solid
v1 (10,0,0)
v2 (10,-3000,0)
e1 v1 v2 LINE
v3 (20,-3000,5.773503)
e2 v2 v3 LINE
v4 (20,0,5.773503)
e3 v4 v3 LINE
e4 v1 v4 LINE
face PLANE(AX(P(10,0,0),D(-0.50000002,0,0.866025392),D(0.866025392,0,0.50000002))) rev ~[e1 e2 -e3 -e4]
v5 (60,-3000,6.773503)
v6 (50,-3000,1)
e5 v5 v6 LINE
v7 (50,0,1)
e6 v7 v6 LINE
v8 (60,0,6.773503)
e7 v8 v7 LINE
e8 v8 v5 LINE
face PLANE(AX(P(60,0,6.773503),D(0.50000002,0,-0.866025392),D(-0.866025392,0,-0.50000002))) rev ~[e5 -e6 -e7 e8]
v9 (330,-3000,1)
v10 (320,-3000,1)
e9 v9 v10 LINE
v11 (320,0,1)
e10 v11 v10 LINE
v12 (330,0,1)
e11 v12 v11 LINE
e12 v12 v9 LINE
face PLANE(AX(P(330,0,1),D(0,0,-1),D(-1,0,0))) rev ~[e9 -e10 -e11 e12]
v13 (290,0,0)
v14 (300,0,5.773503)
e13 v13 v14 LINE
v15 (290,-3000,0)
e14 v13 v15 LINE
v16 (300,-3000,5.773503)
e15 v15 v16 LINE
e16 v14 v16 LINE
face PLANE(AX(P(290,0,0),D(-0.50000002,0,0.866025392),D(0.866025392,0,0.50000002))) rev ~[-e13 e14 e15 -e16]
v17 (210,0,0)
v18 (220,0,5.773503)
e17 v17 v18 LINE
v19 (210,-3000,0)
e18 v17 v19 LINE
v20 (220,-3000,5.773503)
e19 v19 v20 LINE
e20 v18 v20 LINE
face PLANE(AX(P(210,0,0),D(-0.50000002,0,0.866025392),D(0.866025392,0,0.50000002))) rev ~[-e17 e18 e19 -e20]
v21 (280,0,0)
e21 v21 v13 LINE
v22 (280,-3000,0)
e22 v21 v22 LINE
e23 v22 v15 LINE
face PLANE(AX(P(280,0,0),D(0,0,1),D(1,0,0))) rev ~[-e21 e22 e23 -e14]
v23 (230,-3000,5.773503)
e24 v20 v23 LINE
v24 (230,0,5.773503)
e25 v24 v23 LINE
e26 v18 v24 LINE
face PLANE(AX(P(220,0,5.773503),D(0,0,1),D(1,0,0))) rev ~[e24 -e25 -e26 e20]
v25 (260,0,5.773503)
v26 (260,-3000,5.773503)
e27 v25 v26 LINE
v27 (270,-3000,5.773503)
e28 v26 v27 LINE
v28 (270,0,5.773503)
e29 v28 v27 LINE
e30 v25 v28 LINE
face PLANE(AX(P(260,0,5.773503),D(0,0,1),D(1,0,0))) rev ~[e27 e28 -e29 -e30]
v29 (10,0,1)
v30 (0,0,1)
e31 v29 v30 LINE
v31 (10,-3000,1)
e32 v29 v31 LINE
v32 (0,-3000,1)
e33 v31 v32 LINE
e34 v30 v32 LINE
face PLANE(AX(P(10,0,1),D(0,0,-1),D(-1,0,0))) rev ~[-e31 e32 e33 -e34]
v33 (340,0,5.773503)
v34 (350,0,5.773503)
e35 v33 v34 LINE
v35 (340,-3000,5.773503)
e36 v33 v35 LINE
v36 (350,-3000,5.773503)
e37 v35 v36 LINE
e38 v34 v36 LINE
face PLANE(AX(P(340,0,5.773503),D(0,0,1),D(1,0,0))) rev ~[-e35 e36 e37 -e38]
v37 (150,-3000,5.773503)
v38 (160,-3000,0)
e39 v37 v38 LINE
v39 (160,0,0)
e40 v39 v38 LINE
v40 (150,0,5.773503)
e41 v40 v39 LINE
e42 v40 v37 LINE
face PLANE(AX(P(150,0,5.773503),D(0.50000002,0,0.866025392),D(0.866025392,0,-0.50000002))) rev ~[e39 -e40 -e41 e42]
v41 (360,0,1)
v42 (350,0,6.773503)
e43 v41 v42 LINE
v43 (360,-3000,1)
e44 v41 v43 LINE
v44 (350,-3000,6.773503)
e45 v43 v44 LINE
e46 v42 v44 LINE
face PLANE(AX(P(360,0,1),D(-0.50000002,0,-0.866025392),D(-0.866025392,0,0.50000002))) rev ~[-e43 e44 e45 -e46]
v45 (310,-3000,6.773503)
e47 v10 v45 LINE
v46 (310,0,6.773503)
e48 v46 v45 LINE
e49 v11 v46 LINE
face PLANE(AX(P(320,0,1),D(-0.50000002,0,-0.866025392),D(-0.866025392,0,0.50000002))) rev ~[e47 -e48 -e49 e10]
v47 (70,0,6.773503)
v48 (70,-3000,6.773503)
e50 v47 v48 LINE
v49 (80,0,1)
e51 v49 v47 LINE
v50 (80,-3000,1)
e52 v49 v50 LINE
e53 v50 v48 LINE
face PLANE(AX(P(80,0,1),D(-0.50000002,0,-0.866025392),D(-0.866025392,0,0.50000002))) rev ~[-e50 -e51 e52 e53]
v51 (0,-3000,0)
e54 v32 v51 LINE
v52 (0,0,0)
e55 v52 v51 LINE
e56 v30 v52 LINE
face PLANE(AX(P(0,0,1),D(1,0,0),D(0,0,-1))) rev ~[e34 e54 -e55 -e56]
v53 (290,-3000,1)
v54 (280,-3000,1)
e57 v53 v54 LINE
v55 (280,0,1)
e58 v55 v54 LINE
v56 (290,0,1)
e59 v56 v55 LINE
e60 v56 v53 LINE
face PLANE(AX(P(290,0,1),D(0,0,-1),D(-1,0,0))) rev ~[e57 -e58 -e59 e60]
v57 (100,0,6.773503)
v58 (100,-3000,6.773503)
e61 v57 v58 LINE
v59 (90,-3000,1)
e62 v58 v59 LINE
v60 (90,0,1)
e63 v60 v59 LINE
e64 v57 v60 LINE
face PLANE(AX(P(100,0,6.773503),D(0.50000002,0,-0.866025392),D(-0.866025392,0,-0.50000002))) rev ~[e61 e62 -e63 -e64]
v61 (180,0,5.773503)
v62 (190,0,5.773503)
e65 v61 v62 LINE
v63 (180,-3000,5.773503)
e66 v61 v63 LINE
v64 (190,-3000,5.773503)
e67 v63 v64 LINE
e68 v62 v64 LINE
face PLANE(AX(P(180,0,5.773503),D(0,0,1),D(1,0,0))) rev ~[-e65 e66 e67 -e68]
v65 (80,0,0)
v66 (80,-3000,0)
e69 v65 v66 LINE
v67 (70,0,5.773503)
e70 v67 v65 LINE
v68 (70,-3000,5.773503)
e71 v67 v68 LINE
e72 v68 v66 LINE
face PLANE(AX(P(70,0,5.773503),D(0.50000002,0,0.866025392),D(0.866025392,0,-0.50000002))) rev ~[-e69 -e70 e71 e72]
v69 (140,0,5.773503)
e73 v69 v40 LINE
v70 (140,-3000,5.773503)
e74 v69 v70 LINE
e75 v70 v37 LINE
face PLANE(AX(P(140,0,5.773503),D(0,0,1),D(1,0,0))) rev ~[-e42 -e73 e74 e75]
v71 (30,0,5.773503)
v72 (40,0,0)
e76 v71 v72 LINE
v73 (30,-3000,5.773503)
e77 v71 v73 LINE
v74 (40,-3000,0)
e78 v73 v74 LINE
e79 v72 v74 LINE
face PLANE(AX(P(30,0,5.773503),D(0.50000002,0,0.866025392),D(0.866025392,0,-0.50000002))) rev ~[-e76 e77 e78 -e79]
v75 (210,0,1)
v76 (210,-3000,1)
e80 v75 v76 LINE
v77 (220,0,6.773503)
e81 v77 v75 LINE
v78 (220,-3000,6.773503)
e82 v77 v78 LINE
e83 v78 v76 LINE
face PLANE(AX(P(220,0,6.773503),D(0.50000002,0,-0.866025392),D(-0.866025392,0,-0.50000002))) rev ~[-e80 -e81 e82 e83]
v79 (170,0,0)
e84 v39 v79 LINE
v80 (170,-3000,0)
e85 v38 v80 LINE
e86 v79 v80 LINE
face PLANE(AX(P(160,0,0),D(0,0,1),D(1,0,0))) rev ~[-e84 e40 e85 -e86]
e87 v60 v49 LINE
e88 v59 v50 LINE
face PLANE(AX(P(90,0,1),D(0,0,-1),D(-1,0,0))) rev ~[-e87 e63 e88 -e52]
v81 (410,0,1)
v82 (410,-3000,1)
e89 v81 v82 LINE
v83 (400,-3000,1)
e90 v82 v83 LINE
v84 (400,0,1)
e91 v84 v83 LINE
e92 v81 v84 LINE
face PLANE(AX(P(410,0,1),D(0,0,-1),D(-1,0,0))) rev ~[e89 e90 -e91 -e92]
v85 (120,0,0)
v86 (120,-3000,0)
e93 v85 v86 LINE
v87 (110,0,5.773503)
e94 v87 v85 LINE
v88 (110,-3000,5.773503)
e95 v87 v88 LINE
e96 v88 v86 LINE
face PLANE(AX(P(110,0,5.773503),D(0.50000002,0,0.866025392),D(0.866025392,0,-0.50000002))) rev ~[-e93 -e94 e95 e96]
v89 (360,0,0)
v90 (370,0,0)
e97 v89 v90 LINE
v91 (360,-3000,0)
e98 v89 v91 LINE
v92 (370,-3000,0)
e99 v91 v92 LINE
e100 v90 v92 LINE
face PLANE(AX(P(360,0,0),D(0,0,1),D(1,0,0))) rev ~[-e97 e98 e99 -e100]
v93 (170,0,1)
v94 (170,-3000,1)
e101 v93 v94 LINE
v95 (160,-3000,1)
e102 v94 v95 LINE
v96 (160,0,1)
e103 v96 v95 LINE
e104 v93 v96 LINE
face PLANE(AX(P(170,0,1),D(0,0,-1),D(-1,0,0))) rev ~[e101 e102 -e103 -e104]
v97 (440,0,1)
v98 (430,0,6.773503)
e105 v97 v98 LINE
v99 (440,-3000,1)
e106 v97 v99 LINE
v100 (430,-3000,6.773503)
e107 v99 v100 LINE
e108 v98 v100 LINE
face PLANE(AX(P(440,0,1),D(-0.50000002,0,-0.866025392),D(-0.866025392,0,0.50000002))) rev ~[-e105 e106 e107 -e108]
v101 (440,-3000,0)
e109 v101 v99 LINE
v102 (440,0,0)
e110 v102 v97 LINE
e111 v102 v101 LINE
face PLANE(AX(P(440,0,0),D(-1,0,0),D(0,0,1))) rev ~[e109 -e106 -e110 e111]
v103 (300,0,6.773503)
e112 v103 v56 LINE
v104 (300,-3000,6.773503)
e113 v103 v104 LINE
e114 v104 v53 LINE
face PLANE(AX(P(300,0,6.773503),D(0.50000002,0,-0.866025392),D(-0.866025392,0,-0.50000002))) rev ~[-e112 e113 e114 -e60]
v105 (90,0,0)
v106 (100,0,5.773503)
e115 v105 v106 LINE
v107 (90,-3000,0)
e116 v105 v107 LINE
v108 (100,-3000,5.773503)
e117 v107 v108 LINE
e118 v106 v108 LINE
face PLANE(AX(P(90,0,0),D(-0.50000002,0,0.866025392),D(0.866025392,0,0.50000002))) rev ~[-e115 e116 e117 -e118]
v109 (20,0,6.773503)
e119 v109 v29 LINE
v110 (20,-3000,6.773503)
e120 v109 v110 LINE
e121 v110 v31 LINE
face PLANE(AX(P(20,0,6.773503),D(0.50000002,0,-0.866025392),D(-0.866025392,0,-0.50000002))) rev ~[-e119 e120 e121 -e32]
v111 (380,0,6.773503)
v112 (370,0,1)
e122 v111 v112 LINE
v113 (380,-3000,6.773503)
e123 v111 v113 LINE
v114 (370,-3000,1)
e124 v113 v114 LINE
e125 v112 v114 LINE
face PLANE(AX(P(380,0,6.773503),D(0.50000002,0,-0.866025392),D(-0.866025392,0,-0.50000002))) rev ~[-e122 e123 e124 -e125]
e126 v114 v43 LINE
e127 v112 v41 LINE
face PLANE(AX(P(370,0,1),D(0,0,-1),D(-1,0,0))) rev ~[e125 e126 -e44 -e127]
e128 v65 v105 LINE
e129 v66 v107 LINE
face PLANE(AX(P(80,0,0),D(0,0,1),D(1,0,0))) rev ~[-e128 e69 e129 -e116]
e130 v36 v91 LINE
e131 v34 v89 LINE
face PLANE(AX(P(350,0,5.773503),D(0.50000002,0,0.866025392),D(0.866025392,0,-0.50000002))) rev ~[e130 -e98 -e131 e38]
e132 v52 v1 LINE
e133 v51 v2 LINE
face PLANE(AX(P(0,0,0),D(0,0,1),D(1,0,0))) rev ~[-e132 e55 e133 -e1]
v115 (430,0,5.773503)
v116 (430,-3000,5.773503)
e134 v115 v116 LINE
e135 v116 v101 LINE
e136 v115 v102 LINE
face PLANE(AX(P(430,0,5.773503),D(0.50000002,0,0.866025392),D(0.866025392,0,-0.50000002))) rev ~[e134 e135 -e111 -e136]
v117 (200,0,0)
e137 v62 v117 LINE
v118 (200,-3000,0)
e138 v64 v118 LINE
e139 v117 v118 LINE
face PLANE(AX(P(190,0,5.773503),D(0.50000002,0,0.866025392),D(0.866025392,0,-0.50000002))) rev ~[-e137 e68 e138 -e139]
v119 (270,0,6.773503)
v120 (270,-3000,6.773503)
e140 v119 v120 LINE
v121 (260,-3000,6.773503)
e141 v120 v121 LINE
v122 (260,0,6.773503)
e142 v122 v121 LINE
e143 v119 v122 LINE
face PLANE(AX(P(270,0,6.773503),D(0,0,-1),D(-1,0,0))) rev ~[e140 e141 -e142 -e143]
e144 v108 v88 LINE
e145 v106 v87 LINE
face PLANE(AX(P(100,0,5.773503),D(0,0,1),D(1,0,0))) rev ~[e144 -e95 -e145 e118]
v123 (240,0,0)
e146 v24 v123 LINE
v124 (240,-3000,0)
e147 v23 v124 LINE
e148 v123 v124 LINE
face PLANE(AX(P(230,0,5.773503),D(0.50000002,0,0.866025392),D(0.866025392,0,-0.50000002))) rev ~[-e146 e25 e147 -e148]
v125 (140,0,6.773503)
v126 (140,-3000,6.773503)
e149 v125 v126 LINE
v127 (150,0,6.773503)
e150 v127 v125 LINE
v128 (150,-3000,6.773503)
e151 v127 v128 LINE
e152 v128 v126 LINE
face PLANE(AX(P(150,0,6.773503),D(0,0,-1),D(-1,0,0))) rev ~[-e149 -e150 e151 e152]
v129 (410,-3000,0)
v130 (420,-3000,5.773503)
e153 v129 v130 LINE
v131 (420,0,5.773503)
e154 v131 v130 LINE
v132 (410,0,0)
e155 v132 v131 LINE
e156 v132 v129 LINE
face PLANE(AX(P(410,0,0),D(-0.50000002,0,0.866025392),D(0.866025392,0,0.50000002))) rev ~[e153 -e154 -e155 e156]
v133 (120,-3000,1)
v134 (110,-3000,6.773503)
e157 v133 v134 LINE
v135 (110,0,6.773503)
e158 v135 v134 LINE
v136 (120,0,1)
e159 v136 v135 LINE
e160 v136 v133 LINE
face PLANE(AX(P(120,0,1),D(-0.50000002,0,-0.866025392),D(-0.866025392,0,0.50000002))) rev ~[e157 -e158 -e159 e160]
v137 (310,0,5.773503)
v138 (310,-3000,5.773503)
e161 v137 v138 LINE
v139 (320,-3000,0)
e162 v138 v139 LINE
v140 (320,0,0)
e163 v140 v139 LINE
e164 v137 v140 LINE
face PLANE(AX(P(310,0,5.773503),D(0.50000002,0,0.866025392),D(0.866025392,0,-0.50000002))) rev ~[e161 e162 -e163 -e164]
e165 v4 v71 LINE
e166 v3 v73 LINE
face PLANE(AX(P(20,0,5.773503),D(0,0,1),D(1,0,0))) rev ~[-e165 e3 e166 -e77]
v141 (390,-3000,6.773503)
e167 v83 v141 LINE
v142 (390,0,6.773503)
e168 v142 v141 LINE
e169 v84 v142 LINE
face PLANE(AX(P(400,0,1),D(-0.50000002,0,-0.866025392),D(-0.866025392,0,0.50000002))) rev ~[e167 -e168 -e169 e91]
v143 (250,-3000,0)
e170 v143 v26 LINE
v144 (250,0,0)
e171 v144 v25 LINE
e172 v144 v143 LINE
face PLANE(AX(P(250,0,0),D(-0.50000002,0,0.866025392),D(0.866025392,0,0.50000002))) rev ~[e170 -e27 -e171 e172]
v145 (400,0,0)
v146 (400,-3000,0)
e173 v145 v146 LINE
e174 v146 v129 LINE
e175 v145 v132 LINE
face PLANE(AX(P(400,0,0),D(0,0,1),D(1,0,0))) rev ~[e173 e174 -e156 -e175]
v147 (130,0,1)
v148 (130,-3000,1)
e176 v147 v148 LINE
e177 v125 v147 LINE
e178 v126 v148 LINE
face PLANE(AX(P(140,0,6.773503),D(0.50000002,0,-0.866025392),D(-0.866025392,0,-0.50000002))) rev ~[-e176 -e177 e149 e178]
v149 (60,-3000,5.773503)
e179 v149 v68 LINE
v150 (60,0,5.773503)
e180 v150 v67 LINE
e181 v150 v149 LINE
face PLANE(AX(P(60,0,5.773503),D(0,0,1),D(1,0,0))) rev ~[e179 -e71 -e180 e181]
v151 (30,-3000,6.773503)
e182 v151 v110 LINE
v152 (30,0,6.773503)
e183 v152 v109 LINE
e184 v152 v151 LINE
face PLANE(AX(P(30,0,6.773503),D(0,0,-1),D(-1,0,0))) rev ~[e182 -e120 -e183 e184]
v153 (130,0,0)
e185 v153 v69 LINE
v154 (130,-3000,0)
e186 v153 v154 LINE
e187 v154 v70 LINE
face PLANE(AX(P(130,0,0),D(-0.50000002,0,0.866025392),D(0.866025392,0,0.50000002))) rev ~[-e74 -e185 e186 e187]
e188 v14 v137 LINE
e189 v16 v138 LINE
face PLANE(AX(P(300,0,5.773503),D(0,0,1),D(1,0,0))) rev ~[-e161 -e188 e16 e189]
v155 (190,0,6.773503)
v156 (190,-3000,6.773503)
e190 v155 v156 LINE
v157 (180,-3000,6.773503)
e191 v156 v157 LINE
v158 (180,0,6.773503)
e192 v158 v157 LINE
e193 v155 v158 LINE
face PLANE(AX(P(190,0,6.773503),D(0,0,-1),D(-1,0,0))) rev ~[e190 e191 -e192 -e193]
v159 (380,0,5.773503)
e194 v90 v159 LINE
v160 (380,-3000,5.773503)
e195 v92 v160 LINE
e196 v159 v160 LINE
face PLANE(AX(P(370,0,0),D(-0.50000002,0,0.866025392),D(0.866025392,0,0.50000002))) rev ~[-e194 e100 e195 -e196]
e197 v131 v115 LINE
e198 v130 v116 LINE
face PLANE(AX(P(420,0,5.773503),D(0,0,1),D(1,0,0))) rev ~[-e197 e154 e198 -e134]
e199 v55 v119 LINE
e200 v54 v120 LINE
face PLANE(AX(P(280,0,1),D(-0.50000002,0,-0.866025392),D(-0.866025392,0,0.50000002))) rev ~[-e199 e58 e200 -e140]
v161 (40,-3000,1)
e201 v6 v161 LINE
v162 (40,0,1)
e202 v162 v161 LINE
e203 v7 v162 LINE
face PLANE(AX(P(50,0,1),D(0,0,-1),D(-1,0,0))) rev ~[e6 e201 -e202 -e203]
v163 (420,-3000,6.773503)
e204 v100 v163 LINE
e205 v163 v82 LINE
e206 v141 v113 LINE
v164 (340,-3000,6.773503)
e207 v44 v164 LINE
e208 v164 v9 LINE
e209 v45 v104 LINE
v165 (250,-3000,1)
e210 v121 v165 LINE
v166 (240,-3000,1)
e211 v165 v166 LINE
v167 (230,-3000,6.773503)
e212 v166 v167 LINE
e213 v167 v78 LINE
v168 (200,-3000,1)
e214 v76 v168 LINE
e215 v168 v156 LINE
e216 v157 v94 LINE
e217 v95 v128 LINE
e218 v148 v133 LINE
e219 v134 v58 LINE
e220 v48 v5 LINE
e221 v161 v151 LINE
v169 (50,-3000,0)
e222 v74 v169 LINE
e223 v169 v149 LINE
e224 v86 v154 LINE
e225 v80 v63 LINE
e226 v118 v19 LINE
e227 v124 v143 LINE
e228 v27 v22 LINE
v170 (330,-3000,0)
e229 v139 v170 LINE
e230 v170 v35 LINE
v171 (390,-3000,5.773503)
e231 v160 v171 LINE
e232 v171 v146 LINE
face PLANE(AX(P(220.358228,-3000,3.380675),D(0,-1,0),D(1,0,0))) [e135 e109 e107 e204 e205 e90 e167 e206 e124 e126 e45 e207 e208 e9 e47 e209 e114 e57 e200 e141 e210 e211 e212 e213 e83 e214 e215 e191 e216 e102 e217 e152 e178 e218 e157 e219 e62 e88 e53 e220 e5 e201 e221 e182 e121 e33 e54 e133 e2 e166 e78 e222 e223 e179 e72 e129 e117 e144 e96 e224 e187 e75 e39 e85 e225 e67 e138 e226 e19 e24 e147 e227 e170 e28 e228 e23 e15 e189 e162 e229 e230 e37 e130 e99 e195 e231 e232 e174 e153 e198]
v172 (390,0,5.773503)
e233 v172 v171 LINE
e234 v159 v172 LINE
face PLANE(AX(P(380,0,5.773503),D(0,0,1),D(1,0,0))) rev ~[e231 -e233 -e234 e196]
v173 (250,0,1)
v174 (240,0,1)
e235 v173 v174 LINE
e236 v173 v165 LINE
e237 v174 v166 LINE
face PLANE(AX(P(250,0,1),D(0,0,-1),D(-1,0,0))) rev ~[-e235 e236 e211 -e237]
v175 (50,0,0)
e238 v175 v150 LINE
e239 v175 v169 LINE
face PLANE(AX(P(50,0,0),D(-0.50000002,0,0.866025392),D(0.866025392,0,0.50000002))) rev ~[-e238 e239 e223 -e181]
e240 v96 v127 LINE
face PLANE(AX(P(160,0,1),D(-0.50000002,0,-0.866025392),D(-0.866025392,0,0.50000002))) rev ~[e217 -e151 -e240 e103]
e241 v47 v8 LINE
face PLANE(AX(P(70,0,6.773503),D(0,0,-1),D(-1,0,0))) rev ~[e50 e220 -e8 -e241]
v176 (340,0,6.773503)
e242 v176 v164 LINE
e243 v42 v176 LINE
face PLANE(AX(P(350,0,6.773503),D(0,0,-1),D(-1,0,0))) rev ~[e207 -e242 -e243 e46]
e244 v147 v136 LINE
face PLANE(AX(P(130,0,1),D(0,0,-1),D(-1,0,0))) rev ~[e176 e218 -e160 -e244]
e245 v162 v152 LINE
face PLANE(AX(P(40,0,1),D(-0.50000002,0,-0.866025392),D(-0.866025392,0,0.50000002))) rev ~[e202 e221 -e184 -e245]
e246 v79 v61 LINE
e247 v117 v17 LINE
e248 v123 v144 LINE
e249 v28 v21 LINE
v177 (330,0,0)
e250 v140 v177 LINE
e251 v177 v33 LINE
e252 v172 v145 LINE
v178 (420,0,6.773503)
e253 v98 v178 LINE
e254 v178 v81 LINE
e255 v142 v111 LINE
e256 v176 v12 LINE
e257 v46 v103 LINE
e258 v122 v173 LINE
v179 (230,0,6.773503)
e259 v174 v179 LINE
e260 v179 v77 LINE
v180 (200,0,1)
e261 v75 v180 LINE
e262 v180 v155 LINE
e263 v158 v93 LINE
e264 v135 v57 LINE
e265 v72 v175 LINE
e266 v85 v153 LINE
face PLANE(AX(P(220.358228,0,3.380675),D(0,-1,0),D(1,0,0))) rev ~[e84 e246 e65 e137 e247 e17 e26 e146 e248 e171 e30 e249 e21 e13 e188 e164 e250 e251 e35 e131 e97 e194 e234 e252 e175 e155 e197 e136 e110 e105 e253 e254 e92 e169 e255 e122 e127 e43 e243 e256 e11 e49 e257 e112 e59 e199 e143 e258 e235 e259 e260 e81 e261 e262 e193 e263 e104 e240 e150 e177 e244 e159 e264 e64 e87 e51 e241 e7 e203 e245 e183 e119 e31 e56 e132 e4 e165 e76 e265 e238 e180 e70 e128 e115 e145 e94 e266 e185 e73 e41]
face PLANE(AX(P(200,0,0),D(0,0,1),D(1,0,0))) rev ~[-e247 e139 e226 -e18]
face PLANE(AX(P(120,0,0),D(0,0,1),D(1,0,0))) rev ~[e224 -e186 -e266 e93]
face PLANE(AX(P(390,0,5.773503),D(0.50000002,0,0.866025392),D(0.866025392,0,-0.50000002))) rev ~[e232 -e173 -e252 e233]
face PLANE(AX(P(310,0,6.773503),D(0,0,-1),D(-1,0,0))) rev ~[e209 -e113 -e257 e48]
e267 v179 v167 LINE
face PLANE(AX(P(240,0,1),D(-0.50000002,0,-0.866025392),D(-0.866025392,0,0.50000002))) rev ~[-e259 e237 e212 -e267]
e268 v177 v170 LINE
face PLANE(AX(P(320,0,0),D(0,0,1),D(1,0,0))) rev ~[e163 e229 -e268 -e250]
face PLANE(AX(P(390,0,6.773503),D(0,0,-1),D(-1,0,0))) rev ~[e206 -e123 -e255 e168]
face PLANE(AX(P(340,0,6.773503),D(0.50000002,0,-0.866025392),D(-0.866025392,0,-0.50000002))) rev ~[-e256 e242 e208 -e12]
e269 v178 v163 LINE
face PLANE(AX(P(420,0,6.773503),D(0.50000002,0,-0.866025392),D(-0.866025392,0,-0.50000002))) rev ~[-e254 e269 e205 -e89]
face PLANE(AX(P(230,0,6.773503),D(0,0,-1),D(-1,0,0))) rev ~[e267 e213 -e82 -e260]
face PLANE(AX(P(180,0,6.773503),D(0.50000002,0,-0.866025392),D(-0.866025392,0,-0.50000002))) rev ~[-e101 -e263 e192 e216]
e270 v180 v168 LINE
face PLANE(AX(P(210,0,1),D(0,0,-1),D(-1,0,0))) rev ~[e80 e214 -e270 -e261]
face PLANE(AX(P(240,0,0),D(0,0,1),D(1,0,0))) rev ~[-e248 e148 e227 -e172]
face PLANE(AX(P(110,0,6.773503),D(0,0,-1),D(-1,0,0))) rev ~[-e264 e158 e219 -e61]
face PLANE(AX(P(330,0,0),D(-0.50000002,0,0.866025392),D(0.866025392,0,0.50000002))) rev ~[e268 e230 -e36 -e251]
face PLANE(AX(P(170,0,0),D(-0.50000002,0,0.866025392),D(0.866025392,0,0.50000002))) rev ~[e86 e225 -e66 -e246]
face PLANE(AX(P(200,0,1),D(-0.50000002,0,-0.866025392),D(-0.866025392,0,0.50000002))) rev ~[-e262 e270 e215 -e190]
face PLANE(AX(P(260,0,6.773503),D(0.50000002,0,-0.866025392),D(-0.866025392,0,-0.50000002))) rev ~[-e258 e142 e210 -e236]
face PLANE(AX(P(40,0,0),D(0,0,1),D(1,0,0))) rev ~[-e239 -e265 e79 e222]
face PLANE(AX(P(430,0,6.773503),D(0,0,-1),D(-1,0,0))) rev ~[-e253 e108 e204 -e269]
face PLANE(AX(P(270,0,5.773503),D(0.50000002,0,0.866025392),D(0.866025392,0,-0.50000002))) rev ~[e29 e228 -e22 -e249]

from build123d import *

# Parameters (mm, degrees)
PAD_DEPTH = 3000


with BuildPart() as part:
    # Sketch → Pad (new body)
    with BuildSketch(Plane.XZ):
        Polygon((0, 0), (10, 0), (20, 5.773503), (30, 5.773503), (40, 0), (50, 0), (60, 5.773503), (70, 5.773503), (80, 0), (90, 0), (100, 5.773503), (110, 5.773503), (120, 0), (130, 0), (140, 5.773503), (150, 5.773503), (160, 0), (170, 0), (180, 5.773503), (190, 5.773503), (200, 0), (210, 0), (220, 5.773503), (230, 5.773503), (240, 0), (250, 0), (260, 5.773503), (270, 5.773503), (280, 0), (290, 0), (300, 5.773503), (310, 5.773503), (320, 0), (330, 0), (340, 5.773503), (350, 5.773503), (360, 0), (370, 0), (380, 5.773503), (390, 5.773503), (400, 0), (410, 0), (420, 5.773503), (430, 5.773503), (440, 0), (440, 1), (430, 6.773503), (420, 6.773503), (410, 1), (400, 1), (390, 6.773503), (380, 6.773503), (370, 1), (360, 1), (350, 6.773503), (340, 6.773503), (330, 1), (320, 1), (310, 6.773503), (300, 6.773503), (290, 1), (280, 1), (270, 6.773503), (260, 6.773503), (250, 1), (240, 1), (230, 6.773503), (220, 6.773503), (210, 1), (200, 1), (190, 6.773503), (180, 6.773503), (170, 1), (160, 1), (150, 6.773503), (140, 6.773503), (130, 1), (120, 1), (110, 6.773503), (100, 6.773503), (90, 1), (80, 1), (70, 6.773503), (60, 6.773503), (50, 1), (40, 1), (30, 6.773503), (20, 6.773503), (10, 1), (0, 1), align=None)
    extrude(amount=PAD_DEPTH)


solid = part.part
